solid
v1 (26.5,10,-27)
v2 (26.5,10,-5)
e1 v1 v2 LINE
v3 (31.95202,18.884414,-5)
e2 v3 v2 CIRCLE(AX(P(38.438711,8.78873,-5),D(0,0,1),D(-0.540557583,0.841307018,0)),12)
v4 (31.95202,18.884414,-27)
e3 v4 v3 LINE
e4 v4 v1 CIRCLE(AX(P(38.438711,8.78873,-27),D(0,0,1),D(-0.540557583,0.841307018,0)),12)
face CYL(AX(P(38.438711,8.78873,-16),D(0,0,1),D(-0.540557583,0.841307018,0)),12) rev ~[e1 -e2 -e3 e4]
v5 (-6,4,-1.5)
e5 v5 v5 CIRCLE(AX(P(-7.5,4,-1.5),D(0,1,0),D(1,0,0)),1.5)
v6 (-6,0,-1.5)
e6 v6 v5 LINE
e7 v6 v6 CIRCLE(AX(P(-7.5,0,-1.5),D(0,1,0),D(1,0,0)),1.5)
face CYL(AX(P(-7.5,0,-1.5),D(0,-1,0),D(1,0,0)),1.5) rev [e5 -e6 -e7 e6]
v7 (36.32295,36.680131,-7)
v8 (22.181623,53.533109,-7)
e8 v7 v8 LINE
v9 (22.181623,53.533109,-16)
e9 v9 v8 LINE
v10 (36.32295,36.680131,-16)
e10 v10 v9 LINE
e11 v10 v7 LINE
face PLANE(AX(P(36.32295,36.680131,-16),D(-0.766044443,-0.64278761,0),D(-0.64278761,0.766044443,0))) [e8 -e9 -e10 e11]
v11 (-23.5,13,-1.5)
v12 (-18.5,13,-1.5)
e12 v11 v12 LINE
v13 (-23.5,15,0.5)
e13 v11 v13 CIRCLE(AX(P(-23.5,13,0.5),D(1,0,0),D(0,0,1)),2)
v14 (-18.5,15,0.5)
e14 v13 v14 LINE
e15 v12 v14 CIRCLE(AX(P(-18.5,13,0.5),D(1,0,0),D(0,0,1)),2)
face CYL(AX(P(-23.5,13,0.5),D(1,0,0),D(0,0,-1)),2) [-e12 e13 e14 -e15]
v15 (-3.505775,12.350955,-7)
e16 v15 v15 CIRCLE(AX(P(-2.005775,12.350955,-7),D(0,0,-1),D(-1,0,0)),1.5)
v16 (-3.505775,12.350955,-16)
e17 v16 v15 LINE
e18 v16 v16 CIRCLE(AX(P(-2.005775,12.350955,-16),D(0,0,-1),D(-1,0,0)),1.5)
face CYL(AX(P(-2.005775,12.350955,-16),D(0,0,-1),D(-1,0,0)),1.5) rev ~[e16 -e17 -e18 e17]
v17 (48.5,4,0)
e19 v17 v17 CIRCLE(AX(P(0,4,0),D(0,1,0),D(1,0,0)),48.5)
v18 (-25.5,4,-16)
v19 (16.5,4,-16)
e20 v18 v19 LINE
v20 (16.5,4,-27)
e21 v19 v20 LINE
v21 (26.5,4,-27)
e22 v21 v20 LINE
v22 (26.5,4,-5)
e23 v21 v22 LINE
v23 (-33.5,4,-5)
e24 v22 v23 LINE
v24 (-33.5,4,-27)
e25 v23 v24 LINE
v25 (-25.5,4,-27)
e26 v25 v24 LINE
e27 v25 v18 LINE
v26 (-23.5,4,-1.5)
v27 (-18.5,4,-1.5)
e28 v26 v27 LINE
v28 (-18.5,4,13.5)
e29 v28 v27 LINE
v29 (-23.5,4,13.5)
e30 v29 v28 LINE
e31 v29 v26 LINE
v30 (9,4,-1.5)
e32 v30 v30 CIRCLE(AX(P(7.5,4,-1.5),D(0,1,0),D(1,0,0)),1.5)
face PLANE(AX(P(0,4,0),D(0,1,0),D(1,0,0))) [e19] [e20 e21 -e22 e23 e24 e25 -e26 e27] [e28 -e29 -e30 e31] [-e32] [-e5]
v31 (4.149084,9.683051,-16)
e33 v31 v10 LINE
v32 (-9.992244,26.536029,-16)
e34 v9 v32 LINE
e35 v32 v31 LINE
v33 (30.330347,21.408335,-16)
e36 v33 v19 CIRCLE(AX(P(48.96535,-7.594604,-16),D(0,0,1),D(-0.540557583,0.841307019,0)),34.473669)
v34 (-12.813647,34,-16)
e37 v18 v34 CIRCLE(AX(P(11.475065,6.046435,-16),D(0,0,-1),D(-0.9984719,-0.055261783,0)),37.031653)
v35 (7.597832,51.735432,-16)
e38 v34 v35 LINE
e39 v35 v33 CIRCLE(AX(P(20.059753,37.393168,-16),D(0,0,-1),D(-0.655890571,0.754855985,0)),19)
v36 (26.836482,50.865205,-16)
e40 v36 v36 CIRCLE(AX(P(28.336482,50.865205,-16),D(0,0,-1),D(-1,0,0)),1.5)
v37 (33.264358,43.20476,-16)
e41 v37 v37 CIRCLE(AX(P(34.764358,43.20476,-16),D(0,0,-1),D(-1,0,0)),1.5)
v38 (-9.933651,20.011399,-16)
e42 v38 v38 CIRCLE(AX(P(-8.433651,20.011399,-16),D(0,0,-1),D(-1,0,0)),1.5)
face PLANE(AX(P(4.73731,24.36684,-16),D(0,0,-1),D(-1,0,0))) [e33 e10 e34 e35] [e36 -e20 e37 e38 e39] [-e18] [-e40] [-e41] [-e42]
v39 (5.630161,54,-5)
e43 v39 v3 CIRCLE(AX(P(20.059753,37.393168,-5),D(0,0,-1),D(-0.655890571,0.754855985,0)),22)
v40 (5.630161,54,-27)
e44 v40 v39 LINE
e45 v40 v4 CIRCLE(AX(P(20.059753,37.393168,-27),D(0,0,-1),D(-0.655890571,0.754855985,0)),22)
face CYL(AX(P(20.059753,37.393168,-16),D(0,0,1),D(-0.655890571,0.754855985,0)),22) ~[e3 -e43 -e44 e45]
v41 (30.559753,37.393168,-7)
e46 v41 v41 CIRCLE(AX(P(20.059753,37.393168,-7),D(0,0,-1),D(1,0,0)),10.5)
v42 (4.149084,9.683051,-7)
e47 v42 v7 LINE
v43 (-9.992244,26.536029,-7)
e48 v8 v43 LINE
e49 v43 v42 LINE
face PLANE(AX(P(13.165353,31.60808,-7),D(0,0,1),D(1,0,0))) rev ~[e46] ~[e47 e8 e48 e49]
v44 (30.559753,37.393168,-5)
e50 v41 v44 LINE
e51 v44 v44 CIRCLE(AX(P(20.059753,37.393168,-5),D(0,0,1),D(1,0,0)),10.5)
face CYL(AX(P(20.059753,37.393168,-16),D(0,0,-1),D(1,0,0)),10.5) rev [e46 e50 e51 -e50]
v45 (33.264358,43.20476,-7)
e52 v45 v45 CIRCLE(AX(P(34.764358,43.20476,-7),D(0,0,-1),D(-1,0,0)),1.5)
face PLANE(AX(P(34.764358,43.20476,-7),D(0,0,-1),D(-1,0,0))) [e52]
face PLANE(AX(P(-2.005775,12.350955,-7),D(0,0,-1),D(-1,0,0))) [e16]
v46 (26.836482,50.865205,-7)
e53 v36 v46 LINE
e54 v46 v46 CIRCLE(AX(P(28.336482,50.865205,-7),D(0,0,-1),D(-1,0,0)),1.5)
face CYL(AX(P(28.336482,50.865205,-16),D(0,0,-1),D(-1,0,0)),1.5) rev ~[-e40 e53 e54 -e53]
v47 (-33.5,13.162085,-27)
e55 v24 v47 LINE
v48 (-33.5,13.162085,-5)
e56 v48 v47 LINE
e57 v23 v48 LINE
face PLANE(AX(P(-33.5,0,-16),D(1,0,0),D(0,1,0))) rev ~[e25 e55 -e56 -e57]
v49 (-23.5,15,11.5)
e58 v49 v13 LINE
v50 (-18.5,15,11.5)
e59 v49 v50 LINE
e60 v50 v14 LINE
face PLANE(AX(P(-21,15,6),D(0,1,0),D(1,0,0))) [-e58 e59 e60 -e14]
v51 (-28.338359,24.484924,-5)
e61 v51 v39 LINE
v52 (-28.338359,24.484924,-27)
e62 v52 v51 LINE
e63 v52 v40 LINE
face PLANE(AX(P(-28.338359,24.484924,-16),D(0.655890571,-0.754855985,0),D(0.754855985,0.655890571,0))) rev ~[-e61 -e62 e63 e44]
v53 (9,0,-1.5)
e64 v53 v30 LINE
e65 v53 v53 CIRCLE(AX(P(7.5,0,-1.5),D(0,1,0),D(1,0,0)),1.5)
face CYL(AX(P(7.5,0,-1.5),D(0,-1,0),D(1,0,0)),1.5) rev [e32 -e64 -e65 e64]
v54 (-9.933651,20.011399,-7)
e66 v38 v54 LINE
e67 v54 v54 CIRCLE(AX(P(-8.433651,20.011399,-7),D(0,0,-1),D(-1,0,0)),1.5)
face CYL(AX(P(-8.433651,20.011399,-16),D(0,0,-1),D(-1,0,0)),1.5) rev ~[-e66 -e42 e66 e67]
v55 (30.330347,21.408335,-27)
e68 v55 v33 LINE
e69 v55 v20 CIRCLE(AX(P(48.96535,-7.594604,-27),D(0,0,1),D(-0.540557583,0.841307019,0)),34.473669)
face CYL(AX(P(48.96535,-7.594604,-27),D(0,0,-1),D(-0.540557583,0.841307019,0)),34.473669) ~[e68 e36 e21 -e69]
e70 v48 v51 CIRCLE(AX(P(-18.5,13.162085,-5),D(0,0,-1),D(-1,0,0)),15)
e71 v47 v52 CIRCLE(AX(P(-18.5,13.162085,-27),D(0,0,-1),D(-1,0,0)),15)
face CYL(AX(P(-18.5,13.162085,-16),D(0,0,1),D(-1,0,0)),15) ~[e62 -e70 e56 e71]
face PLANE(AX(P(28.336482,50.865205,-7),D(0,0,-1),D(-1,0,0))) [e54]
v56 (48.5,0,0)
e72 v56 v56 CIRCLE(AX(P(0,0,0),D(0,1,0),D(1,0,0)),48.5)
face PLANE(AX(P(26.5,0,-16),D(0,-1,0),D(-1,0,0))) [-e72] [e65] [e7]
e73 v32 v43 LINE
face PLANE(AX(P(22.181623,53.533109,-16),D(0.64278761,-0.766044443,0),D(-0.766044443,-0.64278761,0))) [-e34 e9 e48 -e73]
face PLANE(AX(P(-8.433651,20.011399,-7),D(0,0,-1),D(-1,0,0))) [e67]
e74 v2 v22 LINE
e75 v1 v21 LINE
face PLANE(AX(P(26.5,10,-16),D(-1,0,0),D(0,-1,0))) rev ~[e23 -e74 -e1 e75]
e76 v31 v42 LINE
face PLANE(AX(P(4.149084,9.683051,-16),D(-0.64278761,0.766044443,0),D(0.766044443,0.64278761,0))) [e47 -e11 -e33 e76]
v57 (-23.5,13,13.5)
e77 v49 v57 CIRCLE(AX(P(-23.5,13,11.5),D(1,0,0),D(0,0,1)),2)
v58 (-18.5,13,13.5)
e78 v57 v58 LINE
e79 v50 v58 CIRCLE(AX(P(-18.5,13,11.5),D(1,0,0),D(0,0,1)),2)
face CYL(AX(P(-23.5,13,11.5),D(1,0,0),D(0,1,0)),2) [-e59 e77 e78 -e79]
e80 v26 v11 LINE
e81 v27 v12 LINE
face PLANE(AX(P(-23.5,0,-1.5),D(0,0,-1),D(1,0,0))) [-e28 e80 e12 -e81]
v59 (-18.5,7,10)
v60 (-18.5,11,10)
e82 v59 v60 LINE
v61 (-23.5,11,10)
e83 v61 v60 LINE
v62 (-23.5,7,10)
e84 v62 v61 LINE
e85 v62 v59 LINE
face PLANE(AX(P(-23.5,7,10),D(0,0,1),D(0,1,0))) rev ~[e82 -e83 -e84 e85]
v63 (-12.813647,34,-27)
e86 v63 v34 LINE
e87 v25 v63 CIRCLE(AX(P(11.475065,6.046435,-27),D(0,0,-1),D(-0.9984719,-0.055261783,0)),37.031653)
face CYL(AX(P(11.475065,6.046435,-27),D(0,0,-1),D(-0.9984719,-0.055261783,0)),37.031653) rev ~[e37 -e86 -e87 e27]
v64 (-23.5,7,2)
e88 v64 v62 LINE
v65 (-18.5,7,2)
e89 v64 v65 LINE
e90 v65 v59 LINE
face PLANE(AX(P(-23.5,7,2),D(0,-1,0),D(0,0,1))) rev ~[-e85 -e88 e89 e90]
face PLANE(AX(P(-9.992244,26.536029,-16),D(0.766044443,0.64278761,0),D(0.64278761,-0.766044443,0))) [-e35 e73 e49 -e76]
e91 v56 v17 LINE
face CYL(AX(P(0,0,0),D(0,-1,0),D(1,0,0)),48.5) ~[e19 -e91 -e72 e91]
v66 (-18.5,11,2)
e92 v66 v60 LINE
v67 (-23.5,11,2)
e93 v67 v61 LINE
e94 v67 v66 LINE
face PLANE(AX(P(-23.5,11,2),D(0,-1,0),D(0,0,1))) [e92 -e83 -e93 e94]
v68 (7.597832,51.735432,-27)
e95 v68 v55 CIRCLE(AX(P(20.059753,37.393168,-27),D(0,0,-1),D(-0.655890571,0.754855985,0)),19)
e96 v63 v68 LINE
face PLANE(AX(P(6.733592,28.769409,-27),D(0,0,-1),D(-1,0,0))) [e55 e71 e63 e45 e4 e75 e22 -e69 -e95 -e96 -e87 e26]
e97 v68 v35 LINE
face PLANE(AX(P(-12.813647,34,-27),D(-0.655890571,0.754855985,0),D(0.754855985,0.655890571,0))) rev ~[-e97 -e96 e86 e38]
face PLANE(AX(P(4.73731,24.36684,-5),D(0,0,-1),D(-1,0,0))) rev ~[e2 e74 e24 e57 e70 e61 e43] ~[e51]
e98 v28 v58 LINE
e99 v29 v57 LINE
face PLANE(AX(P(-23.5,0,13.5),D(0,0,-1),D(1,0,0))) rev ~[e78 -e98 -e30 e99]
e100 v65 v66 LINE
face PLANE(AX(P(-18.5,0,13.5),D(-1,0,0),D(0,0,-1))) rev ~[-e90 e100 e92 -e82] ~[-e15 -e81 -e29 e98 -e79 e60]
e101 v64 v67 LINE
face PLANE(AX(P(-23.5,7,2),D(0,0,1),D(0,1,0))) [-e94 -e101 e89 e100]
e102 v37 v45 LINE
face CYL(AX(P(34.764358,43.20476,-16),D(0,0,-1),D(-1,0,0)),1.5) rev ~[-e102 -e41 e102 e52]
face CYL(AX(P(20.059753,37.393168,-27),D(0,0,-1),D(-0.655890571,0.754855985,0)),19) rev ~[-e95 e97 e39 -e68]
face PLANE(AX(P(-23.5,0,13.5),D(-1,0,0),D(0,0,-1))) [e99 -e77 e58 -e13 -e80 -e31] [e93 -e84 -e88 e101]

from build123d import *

# Parameters (mm, degrees)
SKETCH1_R               = 48.5
SKETCH1_R_2             = 1.5
SKETCH1_W               = 5
SKETCH1_H               = 15
BOSS_EXTRUDE1_DEPTH     = 4
SKETCH1_4_W             = 5
SKETCH1_4_H             = 15
BOSS_EXTRUDE2_DEPTH     = 15
FILLET1_R               = 2
EXTRUDE_THIN1_DEPTH     = 11
SKETCH3_4_R             = 10.5
BOSS_EXTRUDE3_DEPTH     = 11
CUT_EXTRUDE2_DEPTH      = 11
SKETCH8_R               = 1.5
CUT_EXTRUDE3_DEPTH      = 9
SKETCH9_W               = 8
SKETCH9_H               = 4
CUT_EXTRUDE4_DEPTH      = 26
CUT_EXTRUDE4_DEPTH_BACK = 73


with BuildPart() as part:
    # Sketch1 → Boss-Extrude1 (new body)
    with BuildSketch(Plane(origin=(0, 0, 0), x_dir=(1, 0, 0), z_dir=(0, 1, 0))):
        Circle(SKETCH1_R)
        with Locations((7.5, 1.5)):
            Circle(SKETCH1_R_2, mode=Mode.SUBTRACT)
        with Locations((-7.5, 1.5)):
            Circle(SKETCH1_R_2, mode=Mode.SUBTRACT)
        with Locations((-21, -6)):
            Rectangle(SKETCH1_W, SKETCH1_H, mode=Mode.SUBTRACT)
    extrude(amount=BOSS_EXTRUDE1_DEPTH)

    # Sketch1<4> → Boss-Extrude2 (add)
    with BuildSketch(Plane(origin=(0, 0, 0), x_dir=(1, 0, 0), z_dir=(0, 1, 0))):
        with Locations((-21, -6)):
            Rectangle(SKETCH1_4_W, SKETCH1_4_H)
    extrude(amount=BOSS_EXTRUDE2_DEPTH)

    # Fillet1
    fillet1_edges = [part.edges().sort_by_distance(p)[0] for p in [
        (-21, 15, -1.5),
        (-21, 15, 13.5),
    ]]
    fillet(fillet1_edges, radius=FILLET1_R)

    # Sketch3 → Extrude-Thin1 (add, symmetric)
    with BuildSketch(Plane.XY.offset(-16)):
        with BuildLine():
            Line((-33.5, 0), (-33.5, 13.162084514))
            ThreePointArc((-33.5, 13.162084514), (-32.148724822, 19.384006302), (-28.338358569, 24.484924294))
            Line((-28.338358569, 24.484924294), (5.63016077, 54))
            ThreePointArc((5.63016077, 54), (37.663321214, 50.588409815), (31.952020166, 18.884413917))
            ThreePointArc((31.952020166, 18.884413917), (28.210951689, 15.065108917), (26.5, 10))
            Line((26.5, 10), (26.5, 0))
            Line((26.5, 0), (16.5, 0))
            Line((16.5, 0), (16.5, 10.429751474))
            ThreePointArc((16.5, 10.429751474), (19.537286112, 20.046443985), (26.546444335, 27.297484102))
            ThreePointArc((26.546444335, 27.297484102), (29.661699452, 44.590572773), (12.189066483, 46.451440147))
            Line((12.189066483, 46.451440147), (-21.779452856, 16.936364441))
            ThreePointArc((-21.779452856, 16.936364441), (-23.049574941, 15.236058444), (-23.5, 13.162084514))
            Line((-23.5, 13.162084514), (-23.5, 0))
            Line((-23.5, 0), (-33.5, 0))
        make_face()
    extrude(amount=EXTRUDE_THIN1_DEPTH, both=True)

    # Sketch3<4> → Boss-Extrude3 (add)
    with BuildSketch(Plane.XY.offset(-16)):
        with BuildLine():
            Line((-33.5, 0), (-33.5, 13.162084514))
            ThreePointArc((-33.5, 13.162084514), (-32.148724822, 19.384006302), (-28.338358569, 24.484924294))
            Line((-28.338358569, 24.484924294), (5.63016077, 54))
            ThreePointArc((5.63016077, 54), (37.663321214, 50.588409815), (31.952020166, 18.884413917))
            ThreePointArc((31.952020166, 18.884413917), (28.210951689, 15.065108917), (26.5, 10))
            Line((26.5, 10), (26.5, 0))
            Line((26.5, 0), (-33.5, 0))
        make_face()
        with Locations((20.059753337, 37.393168323)):
            Circle(SKETCH3_4_R, mode=Mode.SUBTRACT)
    extrude(amount=BOSS_EXTRUDE3_DEPTH)

    # Sketch5 → Cut-Extrude2 (cut)
    with BuildSketch(Plane(origin=(0, 0, -27), x_dir=(-1, 0, 0), z_dir=(0, 0, -1))):
        with BuildLine():
            Line((-16.5, 4), (25.5, 4))
            ThreePointArc((25.5, 4), (22.632303684, 20.469705569), (12.81364714, 34))
            Line((12.81364714, 34), (-7.597832484, 51.735432044))
            ThreePointArc((-7.597832484, 51.735432044), (-35.262834685, 48.789058703), (-30.330347417, 21.408334972))
            ThreePointArc((-30.330347417, 21.408334972), (-21.973239319, 13.849736754), (-16.5, 4))
        make_face()
    extrude(amount=-CUT_EXTRUDE2_DEPTH, mode=Mode.SUBTRACT)

    # Sketch8 → Cut-Extrude3 (cut)
    with BuildSketch(Plane(origin=(0, 0, -16), x_dir=(-1, 0, 0), z_dir=(0, 0, -1))):
        with Locations((-34.764358033, 43.204760253)):
            Circle(SKETCH8_R)
        with Locations((-28.336481936, 50.865204684)):
            Circle(SKETCH8_R)
        with Locations((8.433651334, 20.011399419)):
            Circle(SKETCH8_R)
        with Locations((2.005775237, 12.350954988)):
            Circle(SKETCH8_R)
        Polygon((-36.322950361, 36.680130765), (-22.181622948, 53.533108514), (9.992243663, 26.536028907), (-4.14908375, 9.683051158), align=None)
    extrude(amount=-CUT_EXTRUDE3_DEPTH, mode=Mode.SUBTRACT)

    # Sketch9 → Cut-Extrude4 (cut, two sides)
    with BuildSketch(Plane.ZY.offset(23.5)) as cut_extrude4_sk:
        with Locations((6, 9)):
            Rectangle(SKETCH9_W, SKETCH9_H)
    extrude(amount=CUT_EXTRUDE4_DEPTH, mode=Mode.SUBTRACT)
    extrude(cut_extrude4_sk.sketch, amount=-CUT_EXTRUDE4_DEPTH_BACK, mode=Mode.SUBTRACT)


solid = part.part
